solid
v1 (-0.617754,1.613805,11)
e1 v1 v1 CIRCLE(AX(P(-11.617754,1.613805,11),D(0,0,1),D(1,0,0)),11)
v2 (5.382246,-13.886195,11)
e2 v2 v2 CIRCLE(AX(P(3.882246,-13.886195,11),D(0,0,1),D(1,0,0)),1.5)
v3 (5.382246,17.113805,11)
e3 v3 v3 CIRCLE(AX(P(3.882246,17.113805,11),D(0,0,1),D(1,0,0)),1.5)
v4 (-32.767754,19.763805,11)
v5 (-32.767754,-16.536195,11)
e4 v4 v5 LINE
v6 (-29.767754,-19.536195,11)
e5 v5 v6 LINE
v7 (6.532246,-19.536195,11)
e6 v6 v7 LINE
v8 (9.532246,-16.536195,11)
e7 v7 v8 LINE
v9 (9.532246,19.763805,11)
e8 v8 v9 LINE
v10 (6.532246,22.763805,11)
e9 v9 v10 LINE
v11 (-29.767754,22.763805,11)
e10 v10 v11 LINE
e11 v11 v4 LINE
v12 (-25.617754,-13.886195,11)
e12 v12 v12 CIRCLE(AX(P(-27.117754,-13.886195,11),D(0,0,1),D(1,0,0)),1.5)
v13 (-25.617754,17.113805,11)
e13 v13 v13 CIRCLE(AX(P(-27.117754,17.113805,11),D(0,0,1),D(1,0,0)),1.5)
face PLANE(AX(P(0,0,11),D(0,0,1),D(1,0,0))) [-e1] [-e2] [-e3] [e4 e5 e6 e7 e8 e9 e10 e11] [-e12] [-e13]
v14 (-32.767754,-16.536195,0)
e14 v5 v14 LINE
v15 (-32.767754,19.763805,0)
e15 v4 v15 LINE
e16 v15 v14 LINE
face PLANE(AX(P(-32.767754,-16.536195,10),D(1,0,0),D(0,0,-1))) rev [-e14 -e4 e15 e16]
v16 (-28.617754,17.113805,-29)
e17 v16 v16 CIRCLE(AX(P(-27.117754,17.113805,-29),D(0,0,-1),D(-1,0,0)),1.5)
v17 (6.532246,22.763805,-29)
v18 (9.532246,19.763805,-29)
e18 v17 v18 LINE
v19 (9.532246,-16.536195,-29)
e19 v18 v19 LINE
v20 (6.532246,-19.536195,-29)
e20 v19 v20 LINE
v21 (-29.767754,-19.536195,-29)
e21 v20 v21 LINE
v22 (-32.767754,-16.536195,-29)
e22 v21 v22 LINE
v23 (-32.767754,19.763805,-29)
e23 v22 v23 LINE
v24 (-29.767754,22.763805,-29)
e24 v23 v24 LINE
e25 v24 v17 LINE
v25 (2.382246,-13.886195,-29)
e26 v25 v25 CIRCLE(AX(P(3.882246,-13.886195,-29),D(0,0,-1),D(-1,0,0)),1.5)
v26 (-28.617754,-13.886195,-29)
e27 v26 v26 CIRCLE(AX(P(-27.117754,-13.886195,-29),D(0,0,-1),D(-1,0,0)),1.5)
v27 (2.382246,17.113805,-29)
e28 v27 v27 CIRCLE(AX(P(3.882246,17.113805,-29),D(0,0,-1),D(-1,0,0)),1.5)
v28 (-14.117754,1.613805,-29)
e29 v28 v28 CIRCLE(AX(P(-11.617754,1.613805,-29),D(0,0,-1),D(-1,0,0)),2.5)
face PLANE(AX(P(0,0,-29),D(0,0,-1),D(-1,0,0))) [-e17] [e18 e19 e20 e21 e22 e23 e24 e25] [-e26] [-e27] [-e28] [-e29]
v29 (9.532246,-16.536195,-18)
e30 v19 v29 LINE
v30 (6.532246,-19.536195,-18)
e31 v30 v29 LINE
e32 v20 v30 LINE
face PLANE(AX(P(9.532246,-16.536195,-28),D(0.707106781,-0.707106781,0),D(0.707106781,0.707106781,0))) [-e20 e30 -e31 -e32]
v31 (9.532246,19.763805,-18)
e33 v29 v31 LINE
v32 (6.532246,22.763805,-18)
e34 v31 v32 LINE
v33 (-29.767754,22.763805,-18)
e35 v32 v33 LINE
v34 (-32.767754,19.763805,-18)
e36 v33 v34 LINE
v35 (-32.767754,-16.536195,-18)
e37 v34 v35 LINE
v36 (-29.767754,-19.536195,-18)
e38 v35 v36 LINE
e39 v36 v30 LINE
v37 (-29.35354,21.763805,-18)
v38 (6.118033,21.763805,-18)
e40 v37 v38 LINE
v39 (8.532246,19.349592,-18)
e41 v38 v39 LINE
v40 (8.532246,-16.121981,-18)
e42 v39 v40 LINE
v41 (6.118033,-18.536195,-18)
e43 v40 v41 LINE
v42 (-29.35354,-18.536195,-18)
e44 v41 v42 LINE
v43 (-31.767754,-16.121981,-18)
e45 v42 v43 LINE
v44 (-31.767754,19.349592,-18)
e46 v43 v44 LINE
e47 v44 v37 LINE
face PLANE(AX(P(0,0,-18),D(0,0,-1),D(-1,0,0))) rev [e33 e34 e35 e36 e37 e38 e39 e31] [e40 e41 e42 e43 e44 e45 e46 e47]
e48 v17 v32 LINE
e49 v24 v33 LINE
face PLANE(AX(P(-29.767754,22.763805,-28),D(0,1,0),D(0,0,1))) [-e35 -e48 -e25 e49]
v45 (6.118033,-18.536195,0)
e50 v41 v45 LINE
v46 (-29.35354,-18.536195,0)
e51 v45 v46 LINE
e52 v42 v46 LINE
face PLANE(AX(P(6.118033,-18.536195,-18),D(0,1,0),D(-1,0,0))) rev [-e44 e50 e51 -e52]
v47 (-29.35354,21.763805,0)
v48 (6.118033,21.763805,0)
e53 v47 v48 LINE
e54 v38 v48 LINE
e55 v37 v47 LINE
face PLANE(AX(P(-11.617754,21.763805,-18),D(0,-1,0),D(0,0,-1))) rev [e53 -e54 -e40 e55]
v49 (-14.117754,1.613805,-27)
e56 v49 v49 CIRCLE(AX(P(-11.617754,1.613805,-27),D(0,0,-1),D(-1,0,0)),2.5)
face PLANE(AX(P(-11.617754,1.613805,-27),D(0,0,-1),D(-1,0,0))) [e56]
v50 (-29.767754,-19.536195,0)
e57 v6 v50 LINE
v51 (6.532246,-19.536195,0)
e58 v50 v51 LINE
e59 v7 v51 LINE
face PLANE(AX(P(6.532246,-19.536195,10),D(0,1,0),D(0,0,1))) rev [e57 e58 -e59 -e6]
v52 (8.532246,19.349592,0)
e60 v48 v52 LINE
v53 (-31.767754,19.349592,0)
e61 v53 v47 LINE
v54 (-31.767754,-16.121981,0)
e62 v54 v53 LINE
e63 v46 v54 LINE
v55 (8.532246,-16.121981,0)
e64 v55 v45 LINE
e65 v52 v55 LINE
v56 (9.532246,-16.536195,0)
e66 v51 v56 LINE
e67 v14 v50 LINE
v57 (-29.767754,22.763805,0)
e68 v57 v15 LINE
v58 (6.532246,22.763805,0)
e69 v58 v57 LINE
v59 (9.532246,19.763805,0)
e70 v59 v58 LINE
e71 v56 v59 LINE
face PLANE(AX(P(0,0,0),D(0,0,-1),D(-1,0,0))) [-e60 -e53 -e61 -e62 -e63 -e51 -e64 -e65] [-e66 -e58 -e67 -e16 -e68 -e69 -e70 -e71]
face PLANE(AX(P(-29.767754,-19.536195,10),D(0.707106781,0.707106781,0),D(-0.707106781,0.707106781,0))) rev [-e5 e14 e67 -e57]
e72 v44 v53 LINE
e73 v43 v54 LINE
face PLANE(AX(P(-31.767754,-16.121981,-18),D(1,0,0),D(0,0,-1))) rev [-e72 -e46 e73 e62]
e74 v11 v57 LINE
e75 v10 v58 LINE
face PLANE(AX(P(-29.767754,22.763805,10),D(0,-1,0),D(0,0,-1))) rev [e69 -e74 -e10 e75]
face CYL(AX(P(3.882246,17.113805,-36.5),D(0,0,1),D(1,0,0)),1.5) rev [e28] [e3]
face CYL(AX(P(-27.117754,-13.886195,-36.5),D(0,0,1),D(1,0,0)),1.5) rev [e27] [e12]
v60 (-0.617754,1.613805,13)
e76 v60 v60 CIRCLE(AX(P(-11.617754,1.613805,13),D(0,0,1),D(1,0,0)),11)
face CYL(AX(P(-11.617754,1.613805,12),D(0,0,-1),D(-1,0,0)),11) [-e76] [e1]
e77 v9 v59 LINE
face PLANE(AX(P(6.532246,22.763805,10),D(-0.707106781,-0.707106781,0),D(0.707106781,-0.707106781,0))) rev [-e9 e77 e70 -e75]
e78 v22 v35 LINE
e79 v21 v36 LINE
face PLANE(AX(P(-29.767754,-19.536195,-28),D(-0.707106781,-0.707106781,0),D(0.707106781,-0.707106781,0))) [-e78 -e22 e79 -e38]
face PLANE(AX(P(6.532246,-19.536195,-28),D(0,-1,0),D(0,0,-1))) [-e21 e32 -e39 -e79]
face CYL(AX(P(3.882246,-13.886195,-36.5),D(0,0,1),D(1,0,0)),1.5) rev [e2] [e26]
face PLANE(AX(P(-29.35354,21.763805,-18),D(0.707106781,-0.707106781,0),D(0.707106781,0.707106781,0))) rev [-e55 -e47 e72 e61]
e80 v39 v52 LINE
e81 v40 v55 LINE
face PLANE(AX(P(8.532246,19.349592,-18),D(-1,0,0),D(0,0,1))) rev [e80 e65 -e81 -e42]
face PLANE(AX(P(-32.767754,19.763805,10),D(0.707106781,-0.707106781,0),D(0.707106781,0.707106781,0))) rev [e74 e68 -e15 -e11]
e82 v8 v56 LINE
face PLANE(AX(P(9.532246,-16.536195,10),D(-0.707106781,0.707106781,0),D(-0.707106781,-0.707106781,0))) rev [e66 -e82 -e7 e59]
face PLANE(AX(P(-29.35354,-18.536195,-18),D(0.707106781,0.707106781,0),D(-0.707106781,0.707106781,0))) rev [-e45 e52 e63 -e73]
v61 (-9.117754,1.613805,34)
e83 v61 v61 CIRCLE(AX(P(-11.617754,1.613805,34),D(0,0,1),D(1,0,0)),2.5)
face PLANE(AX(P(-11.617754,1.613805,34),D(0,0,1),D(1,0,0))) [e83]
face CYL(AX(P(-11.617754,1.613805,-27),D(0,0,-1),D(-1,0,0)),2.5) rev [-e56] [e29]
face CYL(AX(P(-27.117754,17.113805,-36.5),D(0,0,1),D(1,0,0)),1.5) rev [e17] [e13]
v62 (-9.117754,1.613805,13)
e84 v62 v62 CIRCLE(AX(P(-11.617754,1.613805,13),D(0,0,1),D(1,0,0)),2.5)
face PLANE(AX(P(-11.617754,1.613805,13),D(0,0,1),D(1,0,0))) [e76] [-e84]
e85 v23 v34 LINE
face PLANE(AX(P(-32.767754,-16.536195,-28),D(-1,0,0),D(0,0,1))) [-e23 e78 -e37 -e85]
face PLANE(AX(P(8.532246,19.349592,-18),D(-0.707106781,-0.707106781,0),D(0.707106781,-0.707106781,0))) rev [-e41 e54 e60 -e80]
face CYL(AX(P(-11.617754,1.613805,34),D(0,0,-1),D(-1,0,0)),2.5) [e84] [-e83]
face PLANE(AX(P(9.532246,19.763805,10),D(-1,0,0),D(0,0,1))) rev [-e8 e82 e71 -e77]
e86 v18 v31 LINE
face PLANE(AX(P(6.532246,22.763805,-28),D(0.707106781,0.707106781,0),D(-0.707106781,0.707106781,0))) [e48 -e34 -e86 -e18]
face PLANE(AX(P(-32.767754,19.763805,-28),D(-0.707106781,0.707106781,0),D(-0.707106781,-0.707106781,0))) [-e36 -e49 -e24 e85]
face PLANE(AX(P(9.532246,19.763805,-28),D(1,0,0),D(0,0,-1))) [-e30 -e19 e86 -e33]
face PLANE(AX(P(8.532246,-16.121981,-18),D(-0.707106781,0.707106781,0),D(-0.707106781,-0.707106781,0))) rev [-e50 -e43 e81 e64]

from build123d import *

# Parameters (mm, degrees)
EXTRUDE_1_DEPTH     = 10
SKETCH_2_R          = 11
EXTRUDE_2_DEPTH     = 2
SKETCH_3_R          = 2.5
EXTRUDE_3_DEPTH     = 22
EXTRUDE_4_DEPTH     = 18
EXTRUDE_5_DEPTH     = 10
SKETCH_4_R          = 1.5
CUT_EXTRUDE_1_DEPTH = 46.5
SKETCH_5_R          = 2.5
CUT_EXTRUDE_2_DEPTH = 1
SKETCH_9_R          = 1.5
EXTRUDE_6_DEPTH     = 1
SKETCH_10_R         = 1.5
SKETCH_10_R_2       = 2.5
EXTRUDE_7_DEPTH     = 1
SKETCH_11_R         = 11
SKETCH_11_R_2       = 2.5
EXTRUDE_8_DEPTH     = 1


with BuildPart() as part:
    # Эскиз1 → Бобышка-Вытянуть1 (new body)
    with BuildSketch(Plane.XY):
        Polygon((-32.767753805, -16.536194896), (-32.767753805, 19.763805104), (-29.767753805, 22.763805104), (6.532246195, 22.763805104), (9.532246195, 19.763805104), (9.532246195, -16.536194896), (6.532246195, -19.536194896), (-29.767753805, -19.536194896), align=None)
    extrude(amount=EXTRUDE_1_DEPTH)

    # Эскиз2 → Бобышка-Вытянуть2 (add)
    with BuildSketch(Plane.XY.offset(10)):
        with Locations(Location((-11.617753805, 1.613805104, 0), (0, 0, 180))):
            Circle(SKETCH_2_R)
    extrude(amount=EXTRUDE_2_DEPTH)

    # Эскиз3 → Бобышка-Вытянуть3 (add)
    with BuildSketch(Plane.XY.offset(12)):
        with Locations((-11.617753805, 1.613805104)):
            Circle(SKETCH_3_R)
    extrude(amount=EXTRUDE_3_DEPTH)

    # Эскиз6 → Бобышка-Вытянуть4 (add)
    with BuildSketch(Plane(origin=(0, 0, 0), x_dir=(-1, 0, 0), z_dir=(0, 0, -1))):
        Polygon((11.617753805, 21.763805104), (-6.118032632, 21.763805104), (-8.532246195, 19.349591542), (-8.532246195, -16.121981333), (-6.118032632, -18.536194896), (29.353540243, -18.536194896), (31.767753805, -16.121981333), (31.767753805, 19.349591542), (29.353540243, 21.763805104), align=None)
    extrude(amount=EXTRUDE_4_DEPTH)

    # Эскиз7 → Бобышка-Вытянуть5 (add)
    with BuildSketch(Plane.XY.offset(-18)):
        Polygon((-32.767753805, -16.536194896), (-32.767753805, 19.763805104), (-29.767753805, 22.763805104), (6.532246195, 22.763805104), (9.532246195, 19.763805104), (9.532246195, -16.536194896), (6.532246195, -19.536194896), (-29.767753805, -19.536194896), align=None)
    extrude(amount=-EXTRUDE_5_DEPTH)

    # Эскиз4 → Вырез-Вытянуть1 (cut)
    with BuildSketch(Plane.XY.offset(10)):
        with Locations((-27.117753805, 17.113805104)):
            Circle(SKETCH_4_R)
        with Locations((3.882246195, 17.113805104)):
            Circle(SKETCH_4_R)
        with Locations((3.882246195, -13.886194896)):
            Circle(SKETCH_4_R)
        with Locations((-27.117753805, -13.886194896)):
            Circle(SKETCH_4_R)
    extrude(amount=-CUT_EXTRUDE_1_DEPTH, mode=Mode.SUBTRACT)

    # Эскиз5 → Вырез-Вытянуть2 (cut)
    with BuildSketch(Plane(origin=(0, 0, -28), x_dir=(-1, 0, 0), z_dir=(0, 0, -1))):
        with Locations(Location((11.617753805, 1.613805104, 0), (0, 0, 180))):
            Circle(SKETCH_5_R)
    extrude(amount=-CUT_EXTRUDE_2_DEPTH, mode=Mode.SUBTRACT)

    # Эскиз9 → Бобышка-Вытянуть6 (add)
    with BuildSketch(Plane.XY.offset(10)):
        Polygon((-29.767753805, 22.763805104), (-32.767753805, 19.763805104), (-32.767753805, -16.536194896), (-29.767753805, -19.536194896), (6.532246195, -19.536194896), (9.532246195, -16.536194896), (9.532246195, 19.763805104), (6.532246195, 22.763805104), align=None)
        with Locations((3.882246195, 17.113805104)):
            Circle(SKETCH_9_R, mode=Mode.SUBTRACT)
        with Locations((3.882246195, -13.886194896)):
            Circle(SKETCH_9_R, mode=Mode.SUBTRACT)
        with Locations((-27.117753805, -13.886194896)):
            Circle(SKETCH_9_R, mode=Mode.SUBTRACT)
        with Locations((-27.117753805, 17.113805104)):
            Circle(SKETCH_9_R, mode=Mode.SUBTRACT)
    extrude(amount=EXTRUDE_6_DEPTH)

    # Эскиз10 → Бобышка-Вытянуть7 (add)
    with BuildSketch(Plane(origin=(0, 0, -28), x_dir=(-1, 0, 0), z_dir=(0, 0, -1))):
        Polygon((32.767753805, 19.763805104), (29.767753805, 22.763805104), (-6.532246195, 22.763805104), (-9.532246195, 19.763805104), (-9.532246195, -16.536194896), (-6.532246195, -19.536194896), (29.767753805, -19.536194896), (32.767753805, -16.536194896), align=None)
        with Locations(Location((-3.882246195, -13.886194896, 0), (0, 0, 180))):
            Circle(SKETCH_10_R, mode=Mode.SUBTRACT)
        with Locations(Location((27.117753805, -13.886194896, 0), (0, 0, 180))):
            Circle(SKETCH_10_R, mode=Mode.SUBTRACT)
        with Locations(Location((11.617753805, 1.613805104, 0), (0, 0, 180))):
            Circle(SKETCH_10_R_2, mode=Mode.SUBTRACT)
        with Locations(Location((-3.882246195, 17.113805104, 0), (0, 0, 180))):
            Circle(SKETCH_10_R, mode=Mode.SUBTRACT)
        with Locations(Location((27.117753805, 17.113805104, 0), (0, 0, 180))):
            Circle(SKETCH_10_R, mode=Mode.SUBTRACT)
    extrude(amount=EXTRUDE_7_DEPTH)

    # Эскиз11 → Бобышка-Вытянуть8 (add)
    with BuildSketch(Plane.XY.offset(12)):
        with Locations((-11.617753805, 1.613805104)):
            Circle(SKETCH_11_R)
        with Locations(Location((-11.617753805, 1.613805104, 0), (0, 0, 180))):
            Circle(SKETCH_11_R_2, mode=Mode.SUBTRACT)
    extrude(amount=EXTRUDE_8_DEPTH)


solid = part.part
